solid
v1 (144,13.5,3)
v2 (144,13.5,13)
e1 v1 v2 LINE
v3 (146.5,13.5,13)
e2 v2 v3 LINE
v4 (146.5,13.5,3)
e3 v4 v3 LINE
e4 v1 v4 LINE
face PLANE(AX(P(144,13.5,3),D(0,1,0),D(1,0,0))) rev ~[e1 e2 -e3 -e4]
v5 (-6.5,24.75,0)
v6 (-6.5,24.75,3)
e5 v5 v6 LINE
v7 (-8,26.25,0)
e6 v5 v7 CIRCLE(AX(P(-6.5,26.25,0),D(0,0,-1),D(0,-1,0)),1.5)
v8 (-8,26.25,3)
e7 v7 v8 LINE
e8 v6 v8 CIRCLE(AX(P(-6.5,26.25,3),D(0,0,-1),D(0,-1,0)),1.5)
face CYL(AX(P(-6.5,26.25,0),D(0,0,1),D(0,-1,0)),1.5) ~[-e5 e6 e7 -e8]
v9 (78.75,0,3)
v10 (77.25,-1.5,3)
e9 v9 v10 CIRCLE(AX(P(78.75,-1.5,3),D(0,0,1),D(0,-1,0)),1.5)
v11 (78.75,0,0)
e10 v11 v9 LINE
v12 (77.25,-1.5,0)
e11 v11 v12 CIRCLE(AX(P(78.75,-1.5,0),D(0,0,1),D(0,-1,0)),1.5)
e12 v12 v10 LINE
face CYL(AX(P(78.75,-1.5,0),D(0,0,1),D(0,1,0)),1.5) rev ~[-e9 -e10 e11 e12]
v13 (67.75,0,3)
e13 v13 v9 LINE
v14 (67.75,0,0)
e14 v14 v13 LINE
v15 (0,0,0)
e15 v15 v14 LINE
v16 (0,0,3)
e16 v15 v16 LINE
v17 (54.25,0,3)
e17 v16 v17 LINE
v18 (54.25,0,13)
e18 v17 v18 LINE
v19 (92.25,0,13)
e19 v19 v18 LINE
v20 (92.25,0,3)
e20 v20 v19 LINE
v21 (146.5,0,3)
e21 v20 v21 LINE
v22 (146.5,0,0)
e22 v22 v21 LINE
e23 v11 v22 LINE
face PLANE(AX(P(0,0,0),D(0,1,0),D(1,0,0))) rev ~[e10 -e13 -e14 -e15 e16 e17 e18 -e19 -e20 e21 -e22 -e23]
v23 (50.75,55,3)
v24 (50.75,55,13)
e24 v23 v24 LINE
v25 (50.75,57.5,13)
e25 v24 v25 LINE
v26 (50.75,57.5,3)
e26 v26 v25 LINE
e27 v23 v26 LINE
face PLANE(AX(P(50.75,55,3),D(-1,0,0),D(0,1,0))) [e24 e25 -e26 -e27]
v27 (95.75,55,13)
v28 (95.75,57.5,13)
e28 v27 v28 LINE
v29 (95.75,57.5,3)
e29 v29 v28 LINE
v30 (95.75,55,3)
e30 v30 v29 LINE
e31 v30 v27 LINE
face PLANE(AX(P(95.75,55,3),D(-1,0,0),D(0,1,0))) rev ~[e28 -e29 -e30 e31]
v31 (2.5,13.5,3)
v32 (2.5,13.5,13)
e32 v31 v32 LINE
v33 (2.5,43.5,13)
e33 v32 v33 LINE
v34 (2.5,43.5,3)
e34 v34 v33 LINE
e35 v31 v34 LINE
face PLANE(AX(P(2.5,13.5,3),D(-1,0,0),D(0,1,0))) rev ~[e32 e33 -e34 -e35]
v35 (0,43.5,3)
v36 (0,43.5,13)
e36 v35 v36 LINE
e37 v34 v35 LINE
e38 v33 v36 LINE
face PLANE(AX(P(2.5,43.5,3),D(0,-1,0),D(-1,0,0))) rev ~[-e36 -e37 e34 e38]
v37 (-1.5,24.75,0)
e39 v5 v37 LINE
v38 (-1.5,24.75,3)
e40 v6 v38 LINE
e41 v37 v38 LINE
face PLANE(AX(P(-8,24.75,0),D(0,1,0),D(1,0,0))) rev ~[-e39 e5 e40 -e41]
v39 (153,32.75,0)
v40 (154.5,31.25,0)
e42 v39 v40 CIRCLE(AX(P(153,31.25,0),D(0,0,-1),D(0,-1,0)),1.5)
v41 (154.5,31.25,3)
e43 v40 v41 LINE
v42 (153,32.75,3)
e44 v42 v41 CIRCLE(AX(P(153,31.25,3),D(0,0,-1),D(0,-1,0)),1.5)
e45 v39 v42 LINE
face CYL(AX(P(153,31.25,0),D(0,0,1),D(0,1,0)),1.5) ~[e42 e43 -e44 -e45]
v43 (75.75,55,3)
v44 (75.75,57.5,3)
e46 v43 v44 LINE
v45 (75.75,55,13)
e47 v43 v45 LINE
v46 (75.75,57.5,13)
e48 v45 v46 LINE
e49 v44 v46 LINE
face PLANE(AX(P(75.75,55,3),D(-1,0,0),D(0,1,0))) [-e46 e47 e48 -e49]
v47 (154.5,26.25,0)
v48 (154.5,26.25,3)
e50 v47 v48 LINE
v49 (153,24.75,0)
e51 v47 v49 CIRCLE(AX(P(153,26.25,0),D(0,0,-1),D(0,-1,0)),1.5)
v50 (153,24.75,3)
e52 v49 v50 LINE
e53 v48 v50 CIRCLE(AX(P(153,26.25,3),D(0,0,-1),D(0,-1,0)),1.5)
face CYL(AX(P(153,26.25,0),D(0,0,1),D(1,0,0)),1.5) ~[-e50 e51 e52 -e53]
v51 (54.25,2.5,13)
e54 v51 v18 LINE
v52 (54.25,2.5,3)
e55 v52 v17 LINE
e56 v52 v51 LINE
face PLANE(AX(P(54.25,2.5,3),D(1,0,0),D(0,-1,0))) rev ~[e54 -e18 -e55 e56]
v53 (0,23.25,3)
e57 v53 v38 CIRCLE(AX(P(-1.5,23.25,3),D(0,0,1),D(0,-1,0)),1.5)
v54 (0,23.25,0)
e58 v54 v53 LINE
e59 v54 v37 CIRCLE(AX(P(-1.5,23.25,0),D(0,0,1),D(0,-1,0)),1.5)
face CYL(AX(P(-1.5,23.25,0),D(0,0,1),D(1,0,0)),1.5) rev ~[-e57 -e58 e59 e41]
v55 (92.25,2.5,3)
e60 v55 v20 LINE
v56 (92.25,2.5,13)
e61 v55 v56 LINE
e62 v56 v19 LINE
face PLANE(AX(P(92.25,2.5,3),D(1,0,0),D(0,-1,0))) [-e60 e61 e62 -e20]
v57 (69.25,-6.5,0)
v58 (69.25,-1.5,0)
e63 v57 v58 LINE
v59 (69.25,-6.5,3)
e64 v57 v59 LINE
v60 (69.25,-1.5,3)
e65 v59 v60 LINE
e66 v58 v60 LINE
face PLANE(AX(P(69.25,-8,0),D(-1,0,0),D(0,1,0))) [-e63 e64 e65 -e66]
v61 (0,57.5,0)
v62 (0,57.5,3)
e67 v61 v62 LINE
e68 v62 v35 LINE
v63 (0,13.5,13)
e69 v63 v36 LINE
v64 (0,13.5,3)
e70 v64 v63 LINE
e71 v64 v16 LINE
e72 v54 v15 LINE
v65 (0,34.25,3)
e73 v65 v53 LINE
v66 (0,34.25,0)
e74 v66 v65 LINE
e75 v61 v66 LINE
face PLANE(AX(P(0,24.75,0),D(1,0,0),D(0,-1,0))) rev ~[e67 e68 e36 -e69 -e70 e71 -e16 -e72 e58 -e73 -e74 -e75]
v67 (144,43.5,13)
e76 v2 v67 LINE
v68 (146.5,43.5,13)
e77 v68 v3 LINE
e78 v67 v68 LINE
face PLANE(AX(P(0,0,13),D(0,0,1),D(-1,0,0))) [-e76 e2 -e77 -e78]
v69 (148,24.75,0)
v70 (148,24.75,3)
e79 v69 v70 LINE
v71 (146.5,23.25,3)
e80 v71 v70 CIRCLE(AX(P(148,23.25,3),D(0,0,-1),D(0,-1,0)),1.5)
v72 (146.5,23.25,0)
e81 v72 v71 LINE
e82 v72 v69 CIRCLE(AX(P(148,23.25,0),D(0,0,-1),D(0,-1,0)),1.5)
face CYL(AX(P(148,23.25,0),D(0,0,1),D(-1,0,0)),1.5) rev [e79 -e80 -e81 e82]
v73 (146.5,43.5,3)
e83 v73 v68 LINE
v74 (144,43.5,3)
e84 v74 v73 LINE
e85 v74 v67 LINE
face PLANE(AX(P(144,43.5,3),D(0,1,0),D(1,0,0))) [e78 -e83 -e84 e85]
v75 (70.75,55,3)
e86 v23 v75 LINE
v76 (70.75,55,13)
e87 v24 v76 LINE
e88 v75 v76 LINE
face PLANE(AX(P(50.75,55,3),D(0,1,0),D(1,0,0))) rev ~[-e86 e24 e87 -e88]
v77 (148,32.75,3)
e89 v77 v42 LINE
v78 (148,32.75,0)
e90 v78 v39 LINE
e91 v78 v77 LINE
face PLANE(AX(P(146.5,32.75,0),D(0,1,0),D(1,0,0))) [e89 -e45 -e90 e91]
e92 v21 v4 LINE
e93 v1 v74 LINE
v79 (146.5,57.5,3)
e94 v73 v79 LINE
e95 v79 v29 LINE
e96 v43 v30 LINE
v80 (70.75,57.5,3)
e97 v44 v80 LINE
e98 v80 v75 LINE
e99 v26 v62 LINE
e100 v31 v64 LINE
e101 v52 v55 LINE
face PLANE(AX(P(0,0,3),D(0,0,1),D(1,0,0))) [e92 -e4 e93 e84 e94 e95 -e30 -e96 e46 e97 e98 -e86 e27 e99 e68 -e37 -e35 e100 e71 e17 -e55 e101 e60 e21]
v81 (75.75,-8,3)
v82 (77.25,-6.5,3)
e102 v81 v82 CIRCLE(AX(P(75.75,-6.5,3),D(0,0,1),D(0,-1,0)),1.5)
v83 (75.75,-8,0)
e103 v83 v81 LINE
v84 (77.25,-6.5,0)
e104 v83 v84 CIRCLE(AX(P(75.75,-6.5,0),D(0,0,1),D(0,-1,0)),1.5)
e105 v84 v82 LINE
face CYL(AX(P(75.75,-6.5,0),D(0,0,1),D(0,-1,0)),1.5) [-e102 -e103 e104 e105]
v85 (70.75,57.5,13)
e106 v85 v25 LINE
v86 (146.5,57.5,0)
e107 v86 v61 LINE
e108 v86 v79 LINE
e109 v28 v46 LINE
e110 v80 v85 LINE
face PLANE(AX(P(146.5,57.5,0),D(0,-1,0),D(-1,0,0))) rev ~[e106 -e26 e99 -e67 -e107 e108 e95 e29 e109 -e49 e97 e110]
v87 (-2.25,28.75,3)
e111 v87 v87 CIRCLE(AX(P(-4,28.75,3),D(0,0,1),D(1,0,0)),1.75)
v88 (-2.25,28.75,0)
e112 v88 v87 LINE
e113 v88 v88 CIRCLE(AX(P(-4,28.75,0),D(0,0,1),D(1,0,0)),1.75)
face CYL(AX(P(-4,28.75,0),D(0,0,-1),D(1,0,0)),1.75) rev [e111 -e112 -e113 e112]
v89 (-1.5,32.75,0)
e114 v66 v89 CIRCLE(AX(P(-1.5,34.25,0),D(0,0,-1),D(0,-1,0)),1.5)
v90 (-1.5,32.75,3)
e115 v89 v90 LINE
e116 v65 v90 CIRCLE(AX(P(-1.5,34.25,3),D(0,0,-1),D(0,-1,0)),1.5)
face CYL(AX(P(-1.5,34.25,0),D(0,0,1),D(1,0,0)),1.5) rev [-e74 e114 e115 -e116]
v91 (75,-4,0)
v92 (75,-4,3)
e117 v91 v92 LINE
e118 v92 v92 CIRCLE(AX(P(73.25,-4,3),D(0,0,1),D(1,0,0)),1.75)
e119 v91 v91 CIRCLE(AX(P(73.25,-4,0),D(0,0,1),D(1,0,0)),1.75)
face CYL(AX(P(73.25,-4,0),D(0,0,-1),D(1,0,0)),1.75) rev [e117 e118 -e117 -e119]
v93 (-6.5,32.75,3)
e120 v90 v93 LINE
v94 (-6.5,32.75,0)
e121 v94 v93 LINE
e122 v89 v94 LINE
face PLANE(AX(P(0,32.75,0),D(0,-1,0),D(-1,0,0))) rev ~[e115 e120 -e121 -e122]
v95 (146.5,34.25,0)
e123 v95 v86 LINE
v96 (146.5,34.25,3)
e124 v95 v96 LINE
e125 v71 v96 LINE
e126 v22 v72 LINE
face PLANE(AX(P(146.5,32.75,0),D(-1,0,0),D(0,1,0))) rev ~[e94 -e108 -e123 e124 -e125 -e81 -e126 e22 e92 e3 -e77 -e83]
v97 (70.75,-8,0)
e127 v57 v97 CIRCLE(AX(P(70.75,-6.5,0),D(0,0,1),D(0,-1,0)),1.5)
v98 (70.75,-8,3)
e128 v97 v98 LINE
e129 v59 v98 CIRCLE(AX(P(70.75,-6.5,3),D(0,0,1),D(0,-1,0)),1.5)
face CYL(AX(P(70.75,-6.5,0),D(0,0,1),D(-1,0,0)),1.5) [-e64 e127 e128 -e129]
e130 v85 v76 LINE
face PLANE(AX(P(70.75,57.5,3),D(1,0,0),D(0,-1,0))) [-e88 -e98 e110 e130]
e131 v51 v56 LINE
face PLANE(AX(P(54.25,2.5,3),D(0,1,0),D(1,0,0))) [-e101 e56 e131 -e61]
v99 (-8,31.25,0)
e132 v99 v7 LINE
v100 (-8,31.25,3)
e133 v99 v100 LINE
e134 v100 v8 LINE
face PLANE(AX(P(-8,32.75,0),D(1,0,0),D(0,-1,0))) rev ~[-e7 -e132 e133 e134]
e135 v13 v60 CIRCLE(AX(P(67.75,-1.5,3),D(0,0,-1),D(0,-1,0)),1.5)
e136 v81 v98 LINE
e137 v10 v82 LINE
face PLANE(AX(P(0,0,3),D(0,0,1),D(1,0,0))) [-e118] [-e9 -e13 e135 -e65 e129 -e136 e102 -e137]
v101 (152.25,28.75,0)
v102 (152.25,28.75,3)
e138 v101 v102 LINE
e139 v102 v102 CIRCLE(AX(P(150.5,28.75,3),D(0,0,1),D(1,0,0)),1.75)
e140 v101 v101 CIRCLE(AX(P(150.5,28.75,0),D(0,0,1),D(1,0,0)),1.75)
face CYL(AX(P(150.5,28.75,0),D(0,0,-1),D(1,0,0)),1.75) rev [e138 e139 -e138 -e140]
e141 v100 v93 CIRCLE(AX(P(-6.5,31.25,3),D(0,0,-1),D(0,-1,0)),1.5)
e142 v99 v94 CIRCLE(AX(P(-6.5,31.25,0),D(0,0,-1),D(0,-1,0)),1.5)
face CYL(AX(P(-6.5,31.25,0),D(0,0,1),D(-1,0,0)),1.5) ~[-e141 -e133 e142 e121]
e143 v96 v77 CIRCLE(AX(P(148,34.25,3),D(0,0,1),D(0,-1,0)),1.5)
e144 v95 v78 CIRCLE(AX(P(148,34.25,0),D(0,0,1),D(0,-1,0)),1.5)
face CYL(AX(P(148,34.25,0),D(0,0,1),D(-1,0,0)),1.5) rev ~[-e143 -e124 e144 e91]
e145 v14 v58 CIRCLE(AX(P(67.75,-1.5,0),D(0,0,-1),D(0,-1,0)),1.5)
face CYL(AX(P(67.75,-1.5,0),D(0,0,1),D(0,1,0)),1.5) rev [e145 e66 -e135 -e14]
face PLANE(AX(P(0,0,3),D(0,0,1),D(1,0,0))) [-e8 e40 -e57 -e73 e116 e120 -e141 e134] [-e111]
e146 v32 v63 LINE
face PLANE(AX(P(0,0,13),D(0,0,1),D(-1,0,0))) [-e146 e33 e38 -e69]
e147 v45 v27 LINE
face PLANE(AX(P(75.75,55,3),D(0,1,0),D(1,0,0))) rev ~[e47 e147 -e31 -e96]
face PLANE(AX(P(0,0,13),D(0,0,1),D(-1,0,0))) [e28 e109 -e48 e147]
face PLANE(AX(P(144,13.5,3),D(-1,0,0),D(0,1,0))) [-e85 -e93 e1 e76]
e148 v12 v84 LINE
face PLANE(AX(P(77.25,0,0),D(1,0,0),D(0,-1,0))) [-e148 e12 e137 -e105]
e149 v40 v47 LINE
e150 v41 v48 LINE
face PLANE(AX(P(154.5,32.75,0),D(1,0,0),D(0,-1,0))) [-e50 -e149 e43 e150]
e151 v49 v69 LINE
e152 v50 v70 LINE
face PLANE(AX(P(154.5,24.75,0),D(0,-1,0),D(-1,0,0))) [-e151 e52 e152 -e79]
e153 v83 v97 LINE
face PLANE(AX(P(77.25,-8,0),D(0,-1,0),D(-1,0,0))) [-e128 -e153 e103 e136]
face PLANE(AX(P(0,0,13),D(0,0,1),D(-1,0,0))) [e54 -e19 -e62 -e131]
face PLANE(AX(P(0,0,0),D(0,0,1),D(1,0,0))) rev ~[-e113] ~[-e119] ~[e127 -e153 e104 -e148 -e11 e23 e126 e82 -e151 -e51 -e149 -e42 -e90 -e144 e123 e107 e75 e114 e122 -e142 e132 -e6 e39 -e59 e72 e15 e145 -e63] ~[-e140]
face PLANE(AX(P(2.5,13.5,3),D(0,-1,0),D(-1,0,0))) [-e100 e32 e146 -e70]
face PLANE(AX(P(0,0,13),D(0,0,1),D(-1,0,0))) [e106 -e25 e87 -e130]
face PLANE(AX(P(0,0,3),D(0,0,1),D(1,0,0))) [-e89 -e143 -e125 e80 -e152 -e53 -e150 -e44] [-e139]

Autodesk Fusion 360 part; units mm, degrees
sketch "Sketch2" plane through (0, 0, 0) normal (0, 0, 1) x (1, 0, 0)
  line L0 (0, 0) -> (146.5, 0)
  line L1 (146.5, 0) -> (146.5, 57.5)
  line L2 (146.5, 57.5) -> (0, 57.5)
  line L3 (0, 57.5) -> (0, 0)
  line L4 (69.25, 0) -> (77.25, 0)
  line L5 (77.25, 0) -> (77.25, -8)
  line L6 (77.25, -8) -> (69.25, -8)
  line L7 (69.25, -8) -> (69.25, 0)
  line L8 (146.5, 24.75) -> (146.5, 32.75)
  line L9 (146.5, 32.75) -> (154.5, 32.75)
  line L10 (154.5, 32.75) -> (154.5, 24.75)
  line L11 (154.5, 24.75) -> (146.5, 24.75)
  line L12 (73.25, 57.5) -> (73.25, 0) construction
  line L13 (146.5, 28.75) -> (154.5, 28.75) construction
  line L14 (150.5, 32.75) -> (150.5, 24.75) construction
  circle A0 centre (150.5, 28.75) radius 1.75
  line L15 (-8, 24.75) -> (0, 24.75)
  line L16 (-8, 32.75) -> (-8, 24.75)
  line L17 (0, 32.75) -> (-8, 32.75)
  circle A1 centre (-4, 28.75) radius 1.75
  line L18 (69.25, -4) -> (77.25, -4) construction
  line L19 (73.25, 0) -> (73.25, -8) construction
  circle A2 centre (73.25, -4) radius 1.75
  point P0 (73.25, 0)
  point P1 (146.5, 28.75)
  point P2 (-8, 28.75)
  dimension "d8" = 146.5
  dimension "d9" = 57.5
  dimension "d12" = 8
  dimension "d13" = 8
  dimension "d14" = 8
  dimension "d15" = 8
  dimension "d16" = 8
  dimension "d17" = 3.5
  dimension "d18" = 3.5
extrude "Extrude1" add sketch "Sketch2" along normal blind 3
fillet "Fillet1" radius 1.5 12 edges at (77.25, 0, 1.5) (77.25, -8, 1.5) (69.25, -8, 1.5) (69.25, 0, 1.5) (0, 24.75, 1.5) (-8, 24.75, 1.5) (-8, 32.75, 1.5) (0, 32.75, 1.5) (154.5, 32.75, 1.5) (146.5, 32.75, 1.5) (146.5, 24.75, 1.5) (154.5, 24.75, 1.5)
sketch "Sketch3" plane through (0, 0, 3) normal (0, 0, 1) x (-1, 0, 0)
  arc A0 (-153, -24.75) -> (-154.5, -26.25) centre (-153, -26.25) ccw
  line L0 (-154.5, -26.25) -> (-154.5, -31.25)
  arc A1 (-154.5, -31.25) -> (-153, -32.75) centre (-153, -31.25) ccw
  line L1 (-153, -32.75) -> (-148, -32.75)
  arc A2 (-146.5, -34.25) -> (-148, -32.75) centre (-148, -34.25) ccw
  line L2 (-146.5, -34.25) -> (-146.5, -57.5)
  line L3 (-146.5, -57.5) -> (0, -57.5)
  line L4 (0, -57.5) -> (0, -34.25)
  arc A3 (1.5, -32.75) -> (0, -34.25) centre (1.5, -34.25) ccw
  line L5 (1.5, -32.75) -> (6.5, -32.75)
  arc A4 (6.5, -32.75) -> (8, -31.25) centre (6.5, -31.25) ccw
  line L6 (8, -31.25) -> (8, -26.25)
  arc A5 (8, -26.25) -> (6.5, -24.75) centre (6.5, -26.25) ccw
  line L7 (6.5, -24.75) -> (1.5, -24.75)
  arc A6 (0, -23.25) -> (1.5, -24.75) centre (1.5, -23.25) ccw
  line L8 (0, -23.25) -> (0, 0)
  line L9 (0, 0) -> (-67.75, 0)
  arc A7 (-69.25, 1.5) -> (-67.75, 0) centre (-67.75, 1.5) ccw
  line L10 (-69.25, 1.5) -> (-69.25, 6.5)
  arc A8 (-69.25, 6.5) -> (-70.75, 8) centre (-70.75, 6.5) ccw
  line L11 (-70.75, 8) -> (-75.75, 8)
  arc A9 (-75.75, 8) -> (-77.25, 6.5) centre (-75.75, 6.5) ccw
  line L12 (-77.25, 6.5) -> (-77.25, 1.5)
  arc A10 (-78.75, 0) -> (-77.25, 1.5) centre (-78.75, 1.5) ccw
  line L13 (-78.75, 0) -> (-146.5, 0)
  line L14 (-146.5, 0) -> (-146.5, -23.25)
  arc A11 (-148, -24.75) -> (-146.5, -23.25) centre (-148, -23.25) ccw
  line L15 (-148, -24.75) -> (-153, -24.75)
  circle A12 centre (-150.5, -28.75) radius 1.75
  circle A13 centre (4, -28.75) radius 1.75
  circle A14 centre (-73.25, 4) radius 1.75
  line L16 (0, -2.5) -> (-146.5, -2.5) construction
  line L17 (-54.25, -2.5) -> (-92.25, -2.5)
  line L18 (-92.25, -2.5) -> (-92.25, 0)
  line L19 (-54.25, -2.5) -> (-54.25, 0)
  line L20 (-54.25, 0) -> (-92.25, 0)
  line L21 (-144, -57) -> (-144, 0) construction
  line L22 (-144, -13.5) -> (-144, -43.5)
  line L23 (-144, -43.5) -> (-146.5, -43.5)
  line L24 (-144, -13.5) -> (-146.5, -13.5)
  line L25 (-146.5, -13.5) -> (-146.5, -43.5)
  line L26 (-73.25, -57.5) -> (-73.25, 0) construction
  line L27 (-2.5, -13.5) -> (0, -13.5)
  line L28 (0, -13.5) -> (0, -43.5)
  line L29 (-2.5, -43.5) -> (0, -43.5)
  line L30 (-2.5, -13.5) -> (-2.5, -43.5)
  line L31 (0, -55) -> (-146.5, -55) construction
  line L32 (-50.75, -55) -> (-95.75, -55)
  line L33 (-95.75, -55) -> (-95.75, -57.5)
  line L34 (-50.75, -55) -> (-50.75, -57.5)
  line L35 (-50.75, -57.5) -> (-95.75, -57.5)
  line L36 (-70.75, -55) -> (-75.75, -55)
  line L37 (-75.75, -55) -> (-75.75, -57.5)
  line L38 (-75.75, -57.5) -> (-70.75, -57.5)
  line L39 (-70.75, -57.5) -> (-70.75, -55)
  point P0 (-73.25, -2.5)
  point P1 (-144, -28.5)
  point P2 (-73.25, -55)
  point P3 (-73.25, -55)
  dimension "d23" = 2.5
  dimension "d24" = 38
  dimension "d25" = 2.5
  dimension "d26" = 30
  dimension "d27" = 2.5
  dimension "d28" = 45
  dimension "d29" = 5
extrude "Extrude2" add sketch "Sketch3" along normal blind 10 contours L2 L14 L22 L23 L24 L25 | L9 L13 L17 L18 L19 L20 | L3 L32 L33 L35 L37 | L3 L32 L34 L35 L39 | L4 L8 L27 L28 L29 L30
equation "controller_length = 143 mm"
equation "controller_width = 54 mm"
equation "mount_hole_diameter = 3.5 mm"
equation "base_thickness = 3 mm"
equation "wall_thickness = 2.5 mm"
equation "give = 1 mm"
equation "d8 = total_length"
equation "d9 = total_width"
equation "total_length = controller_length + wall_thickness + give"
equation "total_width = controller_width + give + wall_thickness"
equation "d19 = base_thickness"
equation "d23 = wall_thickness"
equation "d25 = wall_thickness"
equation "d27 = wall_thickness"
